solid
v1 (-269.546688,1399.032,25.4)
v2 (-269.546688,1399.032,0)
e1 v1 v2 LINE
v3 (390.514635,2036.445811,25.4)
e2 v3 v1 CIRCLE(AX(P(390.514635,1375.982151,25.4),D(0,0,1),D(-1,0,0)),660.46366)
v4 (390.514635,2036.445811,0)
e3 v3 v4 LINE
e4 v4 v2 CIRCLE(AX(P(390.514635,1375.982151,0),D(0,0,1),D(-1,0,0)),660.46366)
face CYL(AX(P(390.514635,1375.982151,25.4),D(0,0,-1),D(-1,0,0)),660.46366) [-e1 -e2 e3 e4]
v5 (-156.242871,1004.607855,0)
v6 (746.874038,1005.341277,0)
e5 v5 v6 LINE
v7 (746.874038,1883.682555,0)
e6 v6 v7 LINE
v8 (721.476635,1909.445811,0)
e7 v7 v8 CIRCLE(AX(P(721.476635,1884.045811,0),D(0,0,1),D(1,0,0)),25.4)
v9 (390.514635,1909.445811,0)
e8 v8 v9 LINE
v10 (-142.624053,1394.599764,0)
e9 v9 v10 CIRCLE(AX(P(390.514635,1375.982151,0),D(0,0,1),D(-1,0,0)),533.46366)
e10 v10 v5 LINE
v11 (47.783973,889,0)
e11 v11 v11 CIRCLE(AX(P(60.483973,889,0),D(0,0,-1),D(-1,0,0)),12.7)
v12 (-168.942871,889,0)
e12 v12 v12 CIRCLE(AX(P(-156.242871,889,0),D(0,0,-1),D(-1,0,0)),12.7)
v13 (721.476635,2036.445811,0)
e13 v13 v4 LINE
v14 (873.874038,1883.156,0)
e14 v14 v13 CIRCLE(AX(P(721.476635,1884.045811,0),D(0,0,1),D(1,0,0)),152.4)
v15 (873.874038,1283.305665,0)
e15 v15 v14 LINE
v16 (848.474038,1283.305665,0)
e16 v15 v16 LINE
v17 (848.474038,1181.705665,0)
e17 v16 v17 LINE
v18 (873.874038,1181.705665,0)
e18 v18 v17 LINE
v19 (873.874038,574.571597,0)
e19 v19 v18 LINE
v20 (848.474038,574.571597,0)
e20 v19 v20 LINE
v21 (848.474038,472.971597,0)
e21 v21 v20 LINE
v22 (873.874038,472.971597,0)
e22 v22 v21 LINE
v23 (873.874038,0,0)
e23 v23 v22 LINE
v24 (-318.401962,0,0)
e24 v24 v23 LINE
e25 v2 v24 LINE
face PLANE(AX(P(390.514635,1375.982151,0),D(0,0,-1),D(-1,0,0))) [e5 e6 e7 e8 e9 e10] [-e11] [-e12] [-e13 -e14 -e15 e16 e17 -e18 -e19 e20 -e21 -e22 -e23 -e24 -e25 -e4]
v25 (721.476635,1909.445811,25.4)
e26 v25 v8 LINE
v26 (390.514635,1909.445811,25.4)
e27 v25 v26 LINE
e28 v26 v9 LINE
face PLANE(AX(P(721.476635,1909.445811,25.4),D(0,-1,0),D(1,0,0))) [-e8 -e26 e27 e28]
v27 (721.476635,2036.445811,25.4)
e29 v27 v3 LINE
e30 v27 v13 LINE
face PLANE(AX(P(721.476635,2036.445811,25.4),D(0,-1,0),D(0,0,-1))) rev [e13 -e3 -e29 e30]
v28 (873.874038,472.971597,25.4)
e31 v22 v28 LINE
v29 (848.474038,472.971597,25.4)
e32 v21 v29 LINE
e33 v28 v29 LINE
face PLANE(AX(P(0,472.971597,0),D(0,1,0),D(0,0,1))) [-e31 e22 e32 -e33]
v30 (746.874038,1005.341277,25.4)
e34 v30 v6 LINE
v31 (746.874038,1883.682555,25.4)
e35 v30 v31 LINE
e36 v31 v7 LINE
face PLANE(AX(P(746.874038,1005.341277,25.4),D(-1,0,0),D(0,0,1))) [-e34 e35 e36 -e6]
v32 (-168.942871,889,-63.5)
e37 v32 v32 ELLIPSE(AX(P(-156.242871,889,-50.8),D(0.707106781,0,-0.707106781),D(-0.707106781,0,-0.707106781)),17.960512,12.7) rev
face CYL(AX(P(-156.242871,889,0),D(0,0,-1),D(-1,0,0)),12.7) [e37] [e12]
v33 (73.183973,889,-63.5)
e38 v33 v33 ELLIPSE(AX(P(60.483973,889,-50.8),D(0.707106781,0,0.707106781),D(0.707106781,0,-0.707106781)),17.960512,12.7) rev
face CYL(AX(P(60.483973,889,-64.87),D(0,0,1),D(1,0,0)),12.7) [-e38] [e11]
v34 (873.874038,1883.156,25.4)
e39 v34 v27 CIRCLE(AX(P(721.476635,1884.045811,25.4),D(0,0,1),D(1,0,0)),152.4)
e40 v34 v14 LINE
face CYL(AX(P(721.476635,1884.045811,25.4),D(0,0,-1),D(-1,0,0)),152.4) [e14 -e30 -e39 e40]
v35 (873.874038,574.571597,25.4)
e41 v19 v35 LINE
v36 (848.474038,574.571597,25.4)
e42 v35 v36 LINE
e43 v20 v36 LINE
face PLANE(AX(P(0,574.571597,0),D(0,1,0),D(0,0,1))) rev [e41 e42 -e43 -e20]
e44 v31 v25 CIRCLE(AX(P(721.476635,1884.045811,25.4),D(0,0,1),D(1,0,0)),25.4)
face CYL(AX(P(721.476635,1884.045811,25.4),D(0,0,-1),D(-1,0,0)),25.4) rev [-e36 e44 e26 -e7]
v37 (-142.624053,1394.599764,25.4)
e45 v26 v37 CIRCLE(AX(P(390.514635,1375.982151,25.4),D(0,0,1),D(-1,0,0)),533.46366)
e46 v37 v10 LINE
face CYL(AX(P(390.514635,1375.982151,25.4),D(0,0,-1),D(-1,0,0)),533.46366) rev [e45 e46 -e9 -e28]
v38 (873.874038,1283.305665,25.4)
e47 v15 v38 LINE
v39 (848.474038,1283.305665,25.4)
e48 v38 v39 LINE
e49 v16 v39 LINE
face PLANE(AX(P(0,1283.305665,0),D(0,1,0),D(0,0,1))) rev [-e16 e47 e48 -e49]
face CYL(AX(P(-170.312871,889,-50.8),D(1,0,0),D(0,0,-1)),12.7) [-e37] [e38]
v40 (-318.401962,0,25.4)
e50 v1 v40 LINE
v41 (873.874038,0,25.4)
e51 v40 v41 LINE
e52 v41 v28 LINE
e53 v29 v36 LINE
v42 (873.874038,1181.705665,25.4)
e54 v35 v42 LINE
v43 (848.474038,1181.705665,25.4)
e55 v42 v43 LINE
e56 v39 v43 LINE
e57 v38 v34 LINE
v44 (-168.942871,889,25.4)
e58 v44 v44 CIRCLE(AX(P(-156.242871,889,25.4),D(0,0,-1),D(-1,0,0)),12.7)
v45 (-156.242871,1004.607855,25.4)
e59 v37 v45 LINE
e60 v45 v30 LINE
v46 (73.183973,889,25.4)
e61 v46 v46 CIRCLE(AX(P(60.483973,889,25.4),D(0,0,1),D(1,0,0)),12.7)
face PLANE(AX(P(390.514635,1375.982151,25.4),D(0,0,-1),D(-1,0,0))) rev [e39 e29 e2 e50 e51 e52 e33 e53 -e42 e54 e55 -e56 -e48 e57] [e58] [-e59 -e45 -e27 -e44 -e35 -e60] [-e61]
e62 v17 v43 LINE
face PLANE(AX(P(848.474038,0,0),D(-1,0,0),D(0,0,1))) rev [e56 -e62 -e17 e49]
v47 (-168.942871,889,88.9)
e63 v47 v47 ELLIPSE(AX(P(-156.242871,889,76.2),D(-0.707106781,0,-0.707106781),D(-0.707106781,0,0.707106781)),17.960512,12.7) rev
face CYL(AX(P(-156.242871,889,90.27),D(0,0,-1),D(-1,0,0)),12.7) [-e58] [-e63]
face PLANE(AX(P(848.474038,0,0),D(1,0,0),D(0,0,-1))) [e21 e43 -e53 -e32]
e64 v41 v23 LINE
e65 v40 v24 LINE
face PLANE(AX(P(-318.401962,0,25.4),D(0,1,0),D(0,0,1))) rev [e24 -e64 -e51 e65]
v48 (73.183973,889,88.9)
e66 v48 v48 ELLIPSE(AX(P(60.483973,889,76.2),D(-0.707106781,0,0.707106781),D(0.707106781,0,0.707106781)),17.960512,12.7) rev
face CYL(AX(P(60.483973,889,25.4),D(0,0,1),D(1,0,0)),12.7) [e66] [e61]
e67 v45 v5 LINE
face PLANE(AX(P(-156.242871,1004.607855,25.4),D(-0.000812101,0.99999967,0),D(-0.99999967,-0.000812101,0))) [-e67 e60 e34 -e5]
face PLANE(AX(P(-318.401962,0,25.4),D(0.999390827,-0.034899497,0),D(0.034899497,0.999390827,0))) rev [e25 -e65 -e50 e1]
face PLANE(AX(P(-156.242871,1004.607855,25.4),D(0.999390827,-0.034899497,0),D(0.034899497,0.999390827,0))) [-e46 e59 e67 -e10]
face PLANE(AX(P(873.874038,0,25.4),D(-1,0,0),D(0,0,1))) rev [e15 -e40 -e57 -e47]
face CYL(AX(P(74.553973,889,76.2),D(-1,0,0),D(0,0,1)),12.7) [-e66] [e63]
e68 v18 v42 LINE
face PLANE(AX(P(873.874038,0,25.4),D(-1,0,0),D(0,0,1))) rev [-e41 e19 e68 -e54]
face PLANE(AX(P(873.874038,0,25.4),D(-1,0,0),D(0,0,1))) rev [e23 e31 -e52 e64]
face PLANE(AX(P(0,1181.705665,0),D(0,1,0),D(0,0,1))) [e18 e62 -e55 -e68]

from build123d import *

# Parameters (mm, degrees)
BOSS_EXTRUDE1_DEPTH = 25.4
CUT_EXTRUDE1_DEPTH  = 2217.171715999
SWEEP2_PROFILE_R    = 12.7


with BuildPart() as part:
    # Sketch1 → Boss-Extrude1 (new body)
    with BuildSketch(Plane.XY):
        with BuildLine():
            Line((-318.401962341, 0), (873.874037659, 0))
            Line((873.874037659, 0), (873.874037659, 1883.156))
            ThreePointArc((873.874037659, 1883.156), (829.553846601, 1991.493828188), (721.476635331, 2036.44581097))
            Line((721.476635331, 2036.44581097), (390.514635331, 2036.44581097))
            ThreePointArc((390.514635331, 2036.44581097), (-68.281974684, 1851.0799482), (-269.546688357, 1399.032))
            Line((-269.546688357, 1399.032), (-318.401962341, 0))
        make_face()
        with BuildLine():
            Line((-156.242870874, 1004.607855187), (-142.624053326, 1394.599763919))
            ThreePointArc((-142.624053326, 1394.599763919), (19.939638364, 1759.723793557), (390.514635331, 1909.44581097))
            Line((390.514635331, 1909.44581097), (721.476635331, 1909.44581097))
            ThreePointArc((721.476635331, 1909.44581097), (739.565122057, 1901.8774303), (746.874037659, 1883.682554903))
            Line((746.874037659, 1883.682554903), (746.874037659, 1005.341277451))
            Line((746.874037659, 1005.341277451), (-156.242870874, 1004.607855187))
        make_face(mode=Mode.SUBTRACT)
    extrude(amount=BOSS_EXTRUDE1_DEPTH)

    # Sketch2 → Cut-Extrude1 (cut, through all)
    with BuildSketch(Plane.XY.offset(25.4)):
        Polygon((873.874037659, 1232.505665346), (873.874037659, 1283.305665346), (848.474037659, 1283.305665346), (848.474037659, 1181.705665346), (873.874037659, 1181.705665346), align=None)
        Polygon((873.874037659, 523.771597211), (873.874037659, 574.571597211), (848.474037659, 574.571597211), (848.474037659, 472.971597211), (873.874037659, 472.971597211), align=None)
    extrude(amount=-CUT_EXTRUDE1_DEPTH, mode=Mode.SUBTRACT)

    # Sweep2: sweep along a path in Sketch5
    with BuildLine(Plane(origin=(0, 889, 0), x_dir=(1, 0, 0), z_dir=(0, 1, 0))) as sweep2_path:
        Line((-156.242870874, -25.4), (-156.242870874, -76.2))
        Line((-156.242870874, -76.2), (60.483973487, -76.2))
        Line((60.483973487, -76.2), (60.483973487, -25.4))
        Line((60.483973487, -25.4), (60.483973487, 0))
        Line((60.483973487, 0), (60.483973487, 50.8))
        Line((60.483973487, 50.8), (-156.242870874, 50.8))
        Line((-156.242870874, 50.8), (-156.242870874, 0))
    # Sweep2 profile (on start of the path) → Sweep2 (sweep)
    with BuildSketch(Plane(origin=(-156.242870874, 889, 25.4), x_dir=(1, 0, 0), z_dir=(0, 0, 1))):
        Circle(SWEEP2_PROFILE_R)
    sweep(path=sweep2_path.line, transition=Transition.RIGHT)


solid = part.part
